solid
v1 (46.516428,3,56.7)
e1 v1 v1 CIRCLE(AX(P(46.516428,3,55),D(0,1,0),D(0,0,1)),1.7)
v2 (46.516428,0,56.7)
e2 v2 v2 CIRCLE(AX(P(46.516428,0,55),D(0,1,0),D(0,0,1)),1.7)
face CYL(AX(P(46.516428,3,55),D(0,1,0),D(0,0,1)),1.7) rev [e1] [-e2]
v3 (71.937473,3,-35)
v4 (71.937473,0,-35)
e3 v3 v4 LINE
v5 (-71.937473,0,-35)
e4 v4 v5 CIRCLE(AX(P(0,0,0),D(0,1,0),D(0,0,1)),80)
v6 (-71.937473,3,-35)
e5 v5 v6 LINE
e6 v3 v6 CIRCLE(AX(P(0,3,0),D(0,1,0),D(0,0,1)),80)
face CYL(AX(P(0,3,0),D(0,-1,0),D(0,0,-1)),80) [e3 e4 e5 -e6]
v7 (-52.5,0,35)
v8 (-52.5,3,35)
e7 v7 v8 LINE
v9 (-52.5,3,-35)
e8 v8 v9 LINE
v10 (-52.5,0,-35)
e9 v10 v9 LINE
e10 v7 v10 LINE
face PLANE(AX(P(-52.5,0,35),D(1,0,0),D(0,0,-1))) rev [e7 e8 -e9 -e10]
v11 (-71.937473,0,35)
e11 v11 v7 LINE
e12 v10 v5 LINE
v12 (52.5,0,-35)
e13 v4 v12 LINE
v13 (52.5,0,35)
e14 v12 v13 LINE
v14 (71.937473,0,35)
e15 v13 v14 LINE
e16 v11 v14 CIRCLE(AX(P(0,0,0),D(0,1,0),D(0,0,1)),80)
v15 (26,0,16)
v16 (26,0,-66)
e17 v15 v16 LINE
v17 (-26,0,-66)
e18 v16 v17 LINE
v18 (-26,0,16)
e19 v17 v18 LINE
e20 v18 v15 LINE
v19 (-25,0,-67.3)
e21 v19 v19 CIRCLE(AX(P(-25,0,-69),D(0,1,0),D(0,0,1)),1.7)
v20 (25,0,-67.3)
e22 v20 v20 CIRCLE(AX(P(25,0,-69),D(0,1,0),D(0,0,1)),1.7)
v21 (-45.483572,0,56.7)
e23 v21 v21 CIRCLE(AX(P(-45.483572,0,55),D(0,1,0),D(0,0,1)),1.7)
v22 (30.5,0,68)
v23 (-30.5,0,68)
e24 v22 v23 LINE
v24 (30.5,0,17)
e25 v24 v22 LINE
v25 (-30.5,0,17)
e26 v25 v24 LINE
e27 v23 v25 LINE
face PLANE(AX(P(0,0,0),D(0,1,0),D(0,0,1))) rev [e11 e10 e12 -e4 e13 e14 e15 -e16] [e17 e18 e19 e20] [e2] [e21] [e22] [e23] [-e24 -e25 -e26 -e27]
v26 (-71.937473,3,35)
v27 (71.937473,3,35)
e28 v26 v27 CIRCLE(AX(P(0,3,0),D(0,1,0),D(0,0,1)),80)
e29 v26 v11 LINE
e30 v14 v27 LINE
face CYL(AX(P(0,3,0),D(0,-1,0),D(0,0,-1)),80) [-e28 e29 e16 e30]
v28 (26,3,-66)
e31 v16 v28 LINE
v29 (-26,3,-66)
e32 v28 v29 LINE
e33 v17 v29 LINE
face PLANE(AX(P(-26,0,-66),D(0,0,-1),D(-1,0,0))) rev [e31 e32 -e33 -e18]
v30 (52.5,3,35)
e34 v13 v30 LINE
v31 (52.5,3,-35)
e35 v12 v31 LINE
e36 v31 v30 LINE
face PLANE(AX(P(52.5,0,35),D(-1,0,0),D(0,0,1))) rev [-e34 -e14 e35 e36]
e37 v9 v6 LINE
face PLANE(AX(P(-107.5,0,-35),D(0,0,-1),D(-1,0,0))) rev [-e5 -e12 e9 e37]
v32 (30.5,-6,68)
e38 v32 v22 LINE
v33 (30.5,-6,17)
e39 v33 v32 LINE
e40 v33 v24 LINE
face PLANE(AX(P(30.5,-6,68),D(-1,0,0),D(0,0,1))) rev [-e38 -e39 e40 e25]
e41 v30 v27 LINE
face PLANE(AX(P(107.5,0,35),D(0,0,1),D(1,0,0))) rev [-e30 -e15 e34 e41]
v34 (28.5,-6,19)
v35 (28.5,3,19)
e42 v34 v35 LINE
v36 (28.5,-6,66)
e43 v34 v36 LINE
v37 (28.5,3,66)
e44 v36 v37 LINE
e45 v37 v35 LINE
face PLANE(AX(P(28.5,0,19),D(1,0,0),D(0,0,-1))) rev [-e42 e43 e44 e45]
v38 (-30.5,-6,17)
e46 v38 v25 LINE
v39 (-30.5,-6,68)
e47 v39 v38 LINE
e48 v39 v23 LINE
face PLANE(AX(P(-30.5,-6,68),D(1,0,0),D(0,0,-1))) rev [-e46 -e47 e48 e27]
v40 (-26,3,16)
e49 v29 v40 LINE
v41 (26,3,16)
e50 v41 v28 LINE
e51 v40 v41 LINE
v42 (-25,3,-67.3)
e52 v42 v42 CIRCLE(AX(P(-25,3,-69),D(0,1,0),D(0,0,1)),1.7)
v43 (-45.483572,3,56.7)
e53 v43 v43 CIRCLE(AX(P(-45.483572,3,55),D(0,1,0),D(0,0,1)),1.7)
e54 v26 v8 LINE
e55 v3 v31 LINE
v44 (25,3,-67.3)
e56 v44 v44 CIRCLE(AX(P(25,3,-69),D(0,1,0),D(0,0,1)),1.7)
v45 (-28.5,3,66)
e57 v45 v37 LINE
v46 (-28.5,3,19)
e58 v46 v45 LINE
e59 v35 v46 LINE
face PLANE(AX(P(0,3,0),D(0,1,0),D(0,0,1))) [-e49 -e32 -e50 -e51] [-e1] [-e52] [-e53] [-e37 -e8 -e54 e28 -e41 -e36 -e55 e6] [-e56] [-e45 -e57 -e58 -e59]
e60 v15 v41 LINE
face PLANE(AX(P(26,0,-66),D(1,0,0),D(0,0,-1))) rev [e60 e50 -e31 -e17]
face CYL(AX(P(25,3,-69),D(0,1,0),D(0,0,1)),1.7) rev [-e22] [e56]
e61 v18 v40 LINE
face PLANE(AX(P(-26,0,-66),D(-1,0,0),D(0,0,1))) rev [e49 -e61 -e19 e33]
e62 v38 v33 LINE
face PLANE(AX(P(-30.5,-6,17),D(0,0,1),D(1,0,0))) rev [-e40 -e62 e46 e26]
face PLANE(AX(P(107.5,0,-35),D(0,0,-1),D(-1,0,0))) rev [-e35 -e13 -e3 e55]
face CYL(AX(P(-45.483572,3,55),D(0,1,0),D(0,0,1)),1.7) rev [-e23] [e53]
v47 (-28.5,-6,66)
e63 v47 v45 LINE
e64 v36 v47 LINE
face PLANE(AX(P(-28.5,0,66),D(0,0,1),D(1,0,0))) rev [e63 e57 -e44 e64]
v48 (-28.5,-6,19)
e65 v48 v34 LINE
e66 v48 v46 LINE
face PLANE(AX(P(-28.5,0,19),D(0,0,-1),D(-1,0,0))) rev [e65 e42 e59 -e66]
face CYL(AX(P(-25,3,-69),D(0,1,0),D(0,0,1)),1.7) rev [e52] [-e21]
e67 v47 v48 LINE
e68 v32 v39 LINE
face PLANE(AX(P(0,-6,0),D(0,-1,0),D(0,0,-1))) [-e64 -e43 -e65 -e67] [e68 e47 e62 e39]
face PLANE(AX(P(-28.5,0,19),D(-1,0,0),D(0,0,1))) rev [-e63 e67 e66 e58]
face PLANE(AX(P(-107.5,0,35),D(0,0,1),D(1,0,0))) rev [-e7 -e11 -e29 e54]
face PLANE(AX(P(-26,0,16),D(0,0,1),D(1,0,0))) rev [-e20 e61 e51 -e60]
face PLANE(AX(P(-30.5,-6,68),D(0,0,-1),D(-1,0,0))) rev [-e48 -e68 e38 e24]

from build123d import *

# Parameters (mm, degrees)
ESQUISSE1_R             = 80
BOSS_EXTRU_1_DEPTH      = 3
ESQUISSE2_W             = 55
ESQUISSE2_H             = 70
ENL_V_MAT_EXTRU_1_DEPTH = 114.176852757
D_GAGEMENT_M31_D        = 3.4
D_GAGEMENT_M31_DEPTH    = 24
D_GAGEMENT_M31_TIP      = 1.021463052
ESQUISSE11_W            = 52
ESQUISSE11_H            = 82
ESQUISSE11_W_2          = 57
ESQUISSE11_H_2          = 47
ENL_V_MAT_EXTRU_2_DEPTH = 108.628992377
ESQUISSE12_W            = 61
ESQUISSE12_H            = 51
ESQUISSE12_W_2          = 57
ESQUISSE12_H_2          = 47
BOSS_EXTRU_2_DEPTH      = 6


with BuildPart() as part:
    # Esquisse1 → Boss.-Extru.1 (new body)
    with BuildSketch(Plane(origin=(0, 0, 0), x_dir=(1, 0, 0), z_dir=(0, 1, 0))):
        with Locations(Location((0, 0, 0), (0, 0, 270))):
            Circle(ESQUISSE1_R)
    extrude(amount=BOSS_EXTRU_1_DEPTH)

    # Esquisse2 → Enlèv. mat.-Extru.1 (cut, through all)
    with BuildSketch(Plane(origin=(0, 3, 0), x_dir=(1, 0, 0), z_dir=(0, 1, 0))):
        with Locations((-80, 0)):
            Rectangle(ESQUISSE2_W, ESQUISSE2_H)
        with Locations((80, 0)):
            Rectangle(ESQUISSE2_W, ESQUISSE2_H)
    extrude(amount=-ENL_V_MAT_EXTRU_1_DEPTH, mode=Mode.SUBTRACT)

    # Dégagement M31
    with Locations(Plane(origin=(0, 3, 0), x_dir=(1, 0, 0), z_dir=(0, 1, 0))):
        with Locations((-45.483572208, -55), (46.516427792, -55), (-25, 69), (25, 69)):
            Hole(D_GAGEMENT_M31_D / 2, depth=D_GAGEMENT_M31_DEPTH)
            with Locations((0, 0, -(D_GAGEMENT_M31_DEPTH + D_GAGEMENT_M31_TIP / 2))):  # 118° drill point
                Cone(0, D_GAGEMENT_M31_D / 2, D_GAGEMENT_M31_TIP, mode=Mode.SUBTRACT)

    # Esquisse11 → Enlèv. mat.-Extru.2 (cut, through all)
    with BuildSketch(Plane(origin=(0, 3, 0), x_dir=(1, 0, 0), z_dir=(0, 1, 0))):
        with Locations((0, 25)):
            Rectangle(ESQUISSE11_W, ESQUISSE11_H)
        with Locations((0, -42.5)):
            Rectangle(ESQUISSE11_W_2, ESQUISSE11_H_2)
    extrude(amount=-ENL_V_MAT_EXTRU_2_DEPTH, mode=Mode.SUBTRACT)

    # Esquisse12 → Boss.-Extru.2 (add)
    with BuildSketch(Plane.XZ):
        with Locations((0, 42.5)):
            Rectangle(ESQUISSE12_W, ESQUISSE12_H)
        with Locations((0, 42.5)):
            Rectangle(ESQUISSE12_W_2, ESQUISSE12_H_2, mode=Mode.SUBTRACT)
    extrude(amount=BOSS_EXTRU_2_DEPTH)


solid = part.part
